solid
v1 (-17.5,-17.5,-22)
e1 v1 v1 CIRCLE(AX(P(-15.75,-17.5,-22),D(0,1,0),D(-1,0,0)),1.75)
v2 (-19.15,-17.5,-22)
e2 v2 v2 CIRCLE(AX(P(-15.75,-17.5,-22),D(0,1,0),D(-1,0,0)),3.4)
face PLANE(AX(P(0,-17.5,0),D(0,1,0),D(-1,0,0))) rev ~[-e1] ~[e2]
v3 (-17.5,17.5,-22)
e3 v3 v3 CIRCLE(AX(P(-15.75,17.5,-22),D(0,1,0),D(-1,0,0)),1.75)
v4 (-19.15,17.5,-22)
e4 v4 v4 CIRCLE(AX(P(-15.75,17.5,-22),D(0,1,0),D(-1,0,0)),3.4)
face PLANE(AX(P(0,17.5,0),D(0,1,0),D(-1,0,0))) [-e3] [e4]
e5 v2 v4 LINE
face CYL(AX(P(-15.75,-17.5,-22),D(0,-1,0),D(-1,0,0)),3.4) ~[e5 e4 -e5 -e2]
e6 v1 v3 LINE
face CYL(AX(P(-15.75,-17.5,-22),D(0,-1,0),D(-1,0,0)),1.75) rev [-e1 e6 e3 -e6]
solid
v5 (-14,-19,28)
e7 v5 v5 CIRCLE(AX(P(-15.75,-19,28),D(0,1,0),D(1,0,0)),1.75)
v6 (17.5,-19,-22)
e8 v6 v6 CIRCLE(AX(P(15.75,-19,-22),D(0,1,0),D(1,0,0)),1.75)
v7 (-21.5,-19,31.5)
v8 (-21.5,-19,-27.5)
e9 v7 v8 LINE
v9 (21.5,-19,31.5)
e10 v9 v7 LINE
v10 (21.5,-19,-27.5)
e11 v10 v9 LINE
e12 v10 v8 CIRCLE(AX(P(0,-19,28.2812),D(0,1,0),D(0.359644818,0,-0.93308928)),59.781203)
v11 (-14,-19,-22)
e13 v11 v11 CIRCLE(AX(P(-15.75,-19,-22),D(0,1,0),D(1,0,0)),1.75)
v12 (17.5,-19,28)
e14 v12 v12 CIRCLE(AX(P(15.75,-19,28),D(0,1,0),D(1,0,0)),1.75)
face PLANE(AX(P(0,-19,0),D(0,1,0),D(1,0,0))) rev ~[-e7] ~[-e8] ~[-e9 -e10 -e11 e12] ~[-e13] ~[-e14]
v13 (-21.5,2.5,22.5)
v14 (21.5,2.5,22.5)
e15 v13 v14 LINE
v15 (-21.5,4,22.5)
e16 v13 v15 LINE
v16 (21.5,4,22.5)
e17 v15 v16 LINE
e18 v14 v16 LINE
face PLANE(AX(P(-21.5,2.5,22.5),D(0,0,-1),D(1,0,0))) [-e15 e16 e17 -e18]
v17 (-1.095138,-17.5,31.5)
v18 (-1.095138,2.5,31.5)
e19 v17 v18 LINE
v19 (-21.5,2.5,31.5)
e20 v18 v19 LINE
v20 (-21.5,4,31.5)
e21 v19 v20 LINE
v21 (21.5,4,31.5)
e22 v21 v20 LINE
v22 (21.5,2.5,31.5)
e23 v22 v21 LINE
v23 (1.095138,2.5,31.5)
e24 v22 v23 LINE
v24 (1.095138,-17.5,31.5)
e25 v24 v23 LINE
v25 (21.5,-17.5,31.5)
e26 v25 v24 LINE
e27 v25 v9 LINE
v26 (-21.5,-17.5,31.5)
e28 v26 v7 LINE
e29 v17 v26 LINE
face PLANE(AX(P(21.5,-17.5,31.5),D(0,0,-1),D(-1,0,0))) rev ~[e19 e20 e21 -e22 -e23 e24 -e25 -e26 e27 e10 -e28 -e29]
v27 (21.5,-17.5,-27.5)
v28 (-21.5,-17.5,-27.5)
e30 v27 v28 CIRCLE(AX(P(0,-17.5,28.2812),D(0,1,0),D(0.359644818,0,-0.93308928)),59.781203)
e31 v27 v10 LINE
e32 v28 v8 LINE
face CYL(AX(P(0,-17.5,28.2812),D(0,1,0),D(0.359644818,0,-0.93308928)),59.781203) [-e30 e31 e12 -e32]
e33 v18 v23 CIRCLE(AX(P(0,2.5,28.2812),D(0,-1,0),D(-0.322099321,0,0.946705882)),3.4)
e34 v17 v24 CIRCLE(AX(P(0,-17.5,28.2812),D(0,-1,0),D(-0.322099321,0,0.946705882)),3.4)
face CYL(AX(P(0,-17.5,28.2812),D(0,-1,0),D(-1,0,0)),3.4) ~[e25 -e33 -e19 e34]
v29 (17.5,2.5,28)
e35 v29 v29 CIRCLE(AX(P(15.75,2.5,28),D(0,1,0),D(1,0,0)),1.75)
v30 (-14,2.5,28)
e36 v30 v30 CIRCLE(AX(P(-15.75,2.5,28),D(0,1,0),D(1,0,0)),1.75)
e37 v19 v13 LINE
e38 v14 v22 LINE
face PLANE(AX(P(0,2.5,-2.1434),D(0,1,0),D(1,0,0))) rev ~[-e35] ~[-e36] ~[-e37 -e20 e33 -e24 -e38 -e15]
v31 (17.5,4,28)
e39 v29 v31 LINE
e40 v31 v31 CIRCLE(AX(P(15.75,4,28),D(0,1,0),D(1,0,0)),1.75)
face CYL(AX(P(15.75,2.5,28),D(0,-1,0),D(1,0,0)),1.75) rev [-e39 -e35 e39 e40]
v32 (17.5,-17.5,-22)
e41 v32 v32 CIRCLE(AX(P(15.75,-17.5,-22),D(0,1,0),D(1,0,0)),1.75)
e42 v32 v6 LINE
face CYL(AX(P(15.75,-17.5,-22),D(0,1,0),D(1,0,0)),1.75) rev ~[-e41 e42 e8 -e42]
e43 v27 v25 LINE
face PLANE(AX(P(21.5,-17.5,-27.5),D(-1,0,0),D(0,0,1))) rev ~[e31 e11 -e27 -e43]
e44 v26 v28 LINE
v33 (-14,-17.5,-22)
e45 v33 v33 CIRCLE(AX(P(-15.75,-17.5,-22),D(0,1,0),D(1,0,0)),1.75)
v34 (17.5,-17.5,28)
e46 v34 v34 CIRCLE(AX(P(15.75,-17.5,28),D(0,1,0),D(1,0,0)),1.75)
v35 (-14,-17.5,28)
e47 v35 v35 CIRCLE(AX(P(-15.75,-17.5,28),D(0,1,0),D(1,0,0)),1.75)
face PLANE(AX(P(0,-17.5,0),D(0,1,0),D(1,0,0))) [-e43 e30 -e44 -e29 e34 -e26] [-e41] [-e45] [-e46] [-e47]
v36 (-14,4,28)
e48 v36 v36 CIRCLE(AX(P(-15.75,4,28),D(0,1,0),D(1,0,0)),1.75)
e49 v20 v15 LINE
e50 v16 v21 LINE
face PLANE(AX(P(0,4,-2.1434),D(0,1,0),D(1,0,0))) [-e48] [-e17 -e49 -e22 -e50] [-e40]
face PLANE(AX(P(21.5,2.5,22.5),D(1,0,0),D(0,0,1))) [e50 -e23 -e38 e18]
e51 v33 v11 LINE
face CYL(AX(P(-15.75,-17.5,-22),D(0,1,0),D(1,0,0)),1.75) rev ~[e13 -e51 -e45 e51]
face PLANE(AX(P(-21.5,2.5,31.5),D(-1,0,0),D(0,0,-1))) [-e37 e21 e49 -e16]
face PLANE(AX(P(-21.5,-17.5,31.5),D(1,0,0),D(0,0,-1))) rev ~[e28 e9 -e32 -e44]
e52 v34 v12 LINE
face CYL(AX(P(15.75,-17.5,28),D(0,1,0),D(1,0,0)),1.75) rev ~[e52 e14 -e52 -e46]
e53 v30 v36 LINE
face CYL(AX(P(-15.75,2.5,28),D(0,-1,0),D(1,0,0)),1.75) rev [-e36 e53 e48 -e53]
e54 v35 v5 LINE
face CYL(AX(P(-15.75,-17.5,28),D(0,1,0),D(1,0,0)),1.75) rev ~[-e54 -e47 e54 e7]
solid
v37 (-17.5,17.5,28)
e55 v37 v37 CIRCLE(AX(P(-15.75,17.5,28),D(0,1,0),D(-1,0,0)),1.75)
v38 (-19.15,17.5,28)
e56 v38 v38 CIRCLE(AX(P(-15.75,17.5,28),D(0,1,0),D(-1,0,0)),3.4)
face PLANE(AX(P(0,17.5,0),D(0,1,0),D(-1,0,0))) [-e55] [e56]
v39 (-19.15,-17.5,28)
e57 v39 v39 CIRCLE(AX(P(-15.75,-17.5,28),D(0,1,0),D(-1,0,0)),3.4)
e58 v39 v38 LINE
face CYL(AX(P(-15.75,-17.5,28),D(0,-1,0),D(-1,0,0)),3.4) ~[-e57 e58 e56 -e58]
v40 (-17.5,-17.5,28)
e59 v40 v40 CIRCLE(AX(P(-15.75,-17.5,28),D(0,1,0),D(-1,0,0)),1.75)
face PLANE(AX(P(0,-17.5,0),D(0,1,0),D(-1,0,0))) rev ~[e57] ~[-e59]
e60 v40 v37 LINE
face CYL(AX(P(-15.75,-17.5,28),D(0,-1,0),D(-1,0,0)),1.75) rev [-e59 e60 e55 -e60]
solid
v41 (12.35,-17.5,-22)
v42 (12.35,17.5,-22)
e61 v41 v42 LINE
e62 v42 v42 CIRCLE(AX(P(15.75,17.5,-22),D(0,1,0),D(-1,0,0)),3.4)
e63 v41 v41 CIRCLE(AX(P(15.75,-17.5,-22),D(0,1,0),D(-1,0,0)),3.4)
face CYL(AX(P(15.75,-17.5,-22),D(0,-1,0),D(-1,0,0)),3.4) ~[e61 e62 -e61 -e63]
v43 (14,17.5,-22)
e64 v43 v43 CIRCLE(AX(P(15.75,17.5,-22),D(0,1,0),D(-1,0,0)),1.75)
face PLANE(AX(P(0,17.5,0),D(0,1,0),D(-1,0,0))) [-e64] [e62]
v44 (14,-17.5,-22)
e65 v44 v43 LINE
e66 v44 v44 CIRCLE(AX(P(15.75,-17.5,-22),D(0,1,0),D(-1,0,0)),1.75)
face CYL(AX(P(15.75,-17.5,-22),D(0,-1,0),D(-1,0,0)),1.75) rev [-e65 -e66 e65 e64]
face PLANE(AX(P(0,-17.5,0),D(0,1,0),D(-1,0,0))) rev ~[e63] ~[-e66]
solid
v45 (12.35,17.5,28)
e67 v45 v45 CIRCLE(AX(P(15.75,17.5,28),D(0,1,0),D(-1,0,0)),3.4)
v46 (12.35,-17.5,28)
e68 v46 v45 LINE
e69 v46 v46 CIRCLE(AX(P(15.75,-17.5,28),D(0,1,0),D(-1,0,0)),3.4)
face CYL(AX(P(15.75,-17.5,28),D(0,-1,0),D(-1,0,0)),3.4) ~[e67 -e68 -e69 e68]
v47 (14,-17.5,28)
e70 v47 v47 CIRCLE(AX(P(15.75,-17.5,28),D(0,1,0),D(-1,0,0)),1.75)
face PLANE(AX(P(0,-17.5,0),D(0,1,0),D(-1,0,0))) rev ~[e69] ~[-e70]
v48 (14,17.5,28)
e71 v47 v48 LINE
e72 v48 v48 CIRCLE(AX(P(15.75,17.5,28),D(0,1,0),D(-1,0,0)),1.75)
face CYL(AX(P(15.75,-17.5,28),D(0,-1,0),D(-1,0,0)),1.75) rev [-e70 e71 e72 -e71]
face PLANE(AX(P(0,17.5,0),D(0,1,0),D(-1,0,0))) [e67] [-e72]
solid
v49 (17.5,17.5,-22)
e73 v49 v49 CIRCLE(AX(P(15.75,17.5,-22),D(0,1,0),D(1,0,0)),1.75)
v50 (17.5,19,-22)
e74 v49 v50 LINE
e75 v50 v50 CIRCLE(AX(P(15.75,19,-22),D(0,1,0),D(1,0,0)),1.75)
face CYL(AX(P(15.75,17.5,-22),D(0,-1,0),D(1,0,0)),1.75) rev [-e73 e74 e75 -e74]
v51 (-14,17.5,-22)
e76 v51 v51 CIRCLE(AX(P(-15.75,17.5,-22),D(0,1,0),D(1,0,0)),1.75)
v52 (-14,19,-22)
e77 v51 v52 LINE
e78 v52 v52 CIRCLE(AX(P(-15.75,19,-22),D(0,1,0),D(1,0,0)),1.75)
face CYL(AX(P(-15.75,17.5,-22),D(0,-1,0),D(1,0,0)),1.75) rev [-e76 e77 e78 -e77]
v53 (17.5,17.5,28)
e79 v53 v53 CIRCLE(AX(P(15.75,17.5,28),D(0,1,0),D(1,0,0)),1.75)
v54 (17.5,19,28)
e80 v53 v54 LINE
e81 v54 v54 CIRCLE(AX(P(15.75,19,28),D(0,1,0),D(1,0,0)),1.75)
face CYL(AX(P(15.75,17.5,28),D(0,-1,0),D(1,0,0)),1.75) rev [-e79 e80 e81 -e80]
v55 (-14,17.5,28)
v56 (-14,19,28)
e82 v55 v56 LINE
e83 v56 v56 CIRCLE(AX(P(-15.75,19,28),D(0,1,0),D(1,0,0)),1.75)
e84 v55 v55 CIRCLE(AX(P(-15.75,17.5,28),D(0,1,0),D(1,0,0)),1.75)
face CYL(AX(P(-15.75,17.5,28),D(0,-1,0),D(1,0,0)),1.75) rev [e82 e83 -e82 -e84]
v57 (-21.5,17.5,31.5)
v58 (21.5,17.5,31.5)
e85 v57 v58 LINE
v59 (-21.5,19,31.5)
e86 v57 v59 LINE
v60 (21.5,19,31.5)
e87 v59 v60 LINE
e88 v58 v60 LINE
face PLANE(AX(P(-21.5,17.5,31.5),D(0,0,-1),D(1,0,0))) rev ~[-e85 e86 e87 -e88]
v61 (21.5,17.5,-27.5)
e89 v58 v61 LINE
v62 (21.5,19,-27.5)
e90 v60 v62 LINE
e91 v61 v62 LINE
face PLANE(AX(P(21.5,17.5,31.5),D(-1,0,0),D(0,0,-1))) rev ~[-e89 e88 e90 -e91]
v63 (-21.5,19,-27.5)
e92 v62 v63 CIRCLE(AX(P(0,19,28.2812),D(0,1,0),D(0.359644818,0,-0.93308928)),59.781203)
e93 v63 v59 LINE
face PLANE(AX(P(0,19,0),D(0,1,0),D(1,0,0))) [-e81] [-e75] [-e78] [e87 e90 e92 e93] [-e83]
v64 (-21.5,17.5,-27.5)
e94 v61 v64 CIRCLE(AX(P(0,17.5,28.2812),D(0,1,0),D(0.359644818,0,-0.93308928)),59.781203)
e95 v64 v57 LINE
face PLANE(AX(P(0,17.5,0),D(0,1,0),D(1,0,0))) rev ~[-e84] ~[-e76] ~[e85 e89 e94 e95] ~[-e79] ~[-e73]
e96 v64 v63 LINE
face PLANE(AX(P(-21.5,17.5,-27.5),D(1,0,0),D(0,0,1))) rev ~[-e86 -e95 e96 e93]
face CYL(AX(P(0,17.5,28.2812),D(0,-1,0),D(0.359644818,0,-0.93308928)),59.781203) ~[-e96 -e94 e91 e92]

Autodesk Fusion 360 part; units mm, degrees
ref_plane "Arbeitsebene1" through (0, -17.5, 0) normal (0, 1, 0) x (0, 0, 1)
sketch "Skizze1" plane through (0, -17.5, 0) normal (0, 1, 0) x (1, 0, 0)
  line L0 (-21.5, 31.5) -> (21.5, 31.5) construction
  line L1 (21.5, 31.5) -> (21.5, -31.5)
  line L2 (21.5, -31.5) -> (-21.5, -31.5)
  line L3 (-21.5, -31.5) -> (-21.5, 31.5)
  arc A0 (21.5, 27.5) -> (-21.5, 27.5) centre (0, -28.2812) ccw
  circle A1 centre (-15.75, -28) radius 1.75
  circle A2 centre (15.75, -28) radius 1.75
  circle A3 centre (15.75, 22) radius 1.75
  circle A4 centre (-15.75, 22) radius 1.75
  dimension "d2" = 43
  dimension "d3" = 21.5
  dimension "d4" = 63
  dimension "d5" = 31.5
  dimension "d6" = 59
  dimension "d9" = 3.5
  dimension "d10" = 3.5
  dimension "d11" = 31.5
  dimension "d12" = 15.75
  dimension "d13" = 50
ref_plane "Arbeitsebene2" through (0, 17.5, 0) normal (0, 1, 0) x (0, 0, 1)
sketch "Skizze2" plane through (0, 17.5, 0) normal (0, 1, 0) x (1, 0, 0)
  circle A0 centre (15.75, -28) radius 1.75
  circle A1 centre (15.75, 22) radius 1.75
  circle A2 centre (-15.75, 22) radius 1.75
  circle A3 centre (-15.75, -28) radius 1.75
  line L0 (21.5, -31.5) -> (21.5, 27.5)
  arc A4 (21.5, 27.5) -> (-21.5, 27.5) centre (0, -28.2812) ccw
  line L1 (-21.5, 27.5) -> (-21.5, -31.5)
  line L2 (-21.5, -31.5) -> (21.5, -31.5)
extrude "Extrusion3" add sketch "Skizze2" along normal blind 1.5 makes body 1
extrude "Extrusion4" add sketch "Skizze1" against normal blind 1.5 separate body makes body 2
ref_plane "Arbeitsebene3" through (0, 2.5, -2.1434) normal (0, 1, 0) x (1, 0, 0)
sketch "Skizze3" plane through (0, 2.5, -2.1434) normal (0, 1, 0) x (1, 0, 0)
  line L0 (-21.5, -24.6434) -> (21.5, -24.6434)
  line L1 (21.5, -24.6434) -> (21.5, -33.6434)
  line L2 (21.5, -33.6434) -> (-21.5, -33.6434)
  line L3 (-21.5, -33.6434) -> (-21.5, -24.6434)
  line L4 (-21.5, 25.3566) -> (-21.5, -33.6434)
  line L5 (21.5, -33.6434) -> (21.5, 25.3566)
  line L6 (-21.5, -33.6434) -> (21.5, -33.6434)
  circle A0 centre (-15.75, -30.1434) radius 1.75
  circle A1 centre (15.75, -30.1434) radius 1.75
  dimension "d22" = 9
extrude "Extrusion6" add sketch "Skizze3" along normal blind 1.5 separate body makes body 3
sketch "Skizze4" plane through (0, -17.5, 0) normal (0, 1, 0) x (-1, 0, 0)
  circle A0 centre (15.75, 28) radius 1.75
  circle A1 centre (-15.75, 28) radius 1.75
  circle A2 centre (15.75, -22) radius 1.75
  circle A3 centre (-15.75, -22) radius 1.75
  line L0 (-21.5, 31.5) -> (-21.5, -27.5)
  arc A4 (-21.5, -27.5) -> (21.5, -27.5) centre (0, 28.2812) ccw
  line L1 (21.5, -27.5) -> (21.5, 31.5)
  line L2 (21.5, 31.5) -> (-21.5, 31.5)
  circle A5 centre (15.75, -22) radius 3.4
  circle A6 centre (-15.75, -22) radius 3.4
  circle A7 centre (15.75, 28) radius 3.4
  circle A8 centre (-15.75, 28) radius 3.4
  circle A9 centre (0, 28.2812) radius 3.4
  dimension "d27" = 6.8
extrude "Extrusion7" add sketch "Skizze4" along normal blind 35 separate body contours A5 | A6 | A7 | A8 makes body 4 at (-19.1331, 5.8333, 27.6615) makes body 5 at (-19.1331, 5.8333, -22.3385) makes body 6 at (12.3669, 5.8333, 27.6615) makes body 7 at (12.3669, 5.8333, -22.3385)
extrude "Extrusion8" add sketch "Skizze4" along normal blind 20 contours L2 A9 picked at (-0.1387, 27.0692) bodies 2 4 6 3
equation "d1 = ( -35 / 2 ) * 1 mm"
equation "d3 = d2 / 2"
equation "d5 = d4 / 2"
equation "d12 = d11 / 2"
equation "d16 = ( 35 / 2 ) * 1 mm"
